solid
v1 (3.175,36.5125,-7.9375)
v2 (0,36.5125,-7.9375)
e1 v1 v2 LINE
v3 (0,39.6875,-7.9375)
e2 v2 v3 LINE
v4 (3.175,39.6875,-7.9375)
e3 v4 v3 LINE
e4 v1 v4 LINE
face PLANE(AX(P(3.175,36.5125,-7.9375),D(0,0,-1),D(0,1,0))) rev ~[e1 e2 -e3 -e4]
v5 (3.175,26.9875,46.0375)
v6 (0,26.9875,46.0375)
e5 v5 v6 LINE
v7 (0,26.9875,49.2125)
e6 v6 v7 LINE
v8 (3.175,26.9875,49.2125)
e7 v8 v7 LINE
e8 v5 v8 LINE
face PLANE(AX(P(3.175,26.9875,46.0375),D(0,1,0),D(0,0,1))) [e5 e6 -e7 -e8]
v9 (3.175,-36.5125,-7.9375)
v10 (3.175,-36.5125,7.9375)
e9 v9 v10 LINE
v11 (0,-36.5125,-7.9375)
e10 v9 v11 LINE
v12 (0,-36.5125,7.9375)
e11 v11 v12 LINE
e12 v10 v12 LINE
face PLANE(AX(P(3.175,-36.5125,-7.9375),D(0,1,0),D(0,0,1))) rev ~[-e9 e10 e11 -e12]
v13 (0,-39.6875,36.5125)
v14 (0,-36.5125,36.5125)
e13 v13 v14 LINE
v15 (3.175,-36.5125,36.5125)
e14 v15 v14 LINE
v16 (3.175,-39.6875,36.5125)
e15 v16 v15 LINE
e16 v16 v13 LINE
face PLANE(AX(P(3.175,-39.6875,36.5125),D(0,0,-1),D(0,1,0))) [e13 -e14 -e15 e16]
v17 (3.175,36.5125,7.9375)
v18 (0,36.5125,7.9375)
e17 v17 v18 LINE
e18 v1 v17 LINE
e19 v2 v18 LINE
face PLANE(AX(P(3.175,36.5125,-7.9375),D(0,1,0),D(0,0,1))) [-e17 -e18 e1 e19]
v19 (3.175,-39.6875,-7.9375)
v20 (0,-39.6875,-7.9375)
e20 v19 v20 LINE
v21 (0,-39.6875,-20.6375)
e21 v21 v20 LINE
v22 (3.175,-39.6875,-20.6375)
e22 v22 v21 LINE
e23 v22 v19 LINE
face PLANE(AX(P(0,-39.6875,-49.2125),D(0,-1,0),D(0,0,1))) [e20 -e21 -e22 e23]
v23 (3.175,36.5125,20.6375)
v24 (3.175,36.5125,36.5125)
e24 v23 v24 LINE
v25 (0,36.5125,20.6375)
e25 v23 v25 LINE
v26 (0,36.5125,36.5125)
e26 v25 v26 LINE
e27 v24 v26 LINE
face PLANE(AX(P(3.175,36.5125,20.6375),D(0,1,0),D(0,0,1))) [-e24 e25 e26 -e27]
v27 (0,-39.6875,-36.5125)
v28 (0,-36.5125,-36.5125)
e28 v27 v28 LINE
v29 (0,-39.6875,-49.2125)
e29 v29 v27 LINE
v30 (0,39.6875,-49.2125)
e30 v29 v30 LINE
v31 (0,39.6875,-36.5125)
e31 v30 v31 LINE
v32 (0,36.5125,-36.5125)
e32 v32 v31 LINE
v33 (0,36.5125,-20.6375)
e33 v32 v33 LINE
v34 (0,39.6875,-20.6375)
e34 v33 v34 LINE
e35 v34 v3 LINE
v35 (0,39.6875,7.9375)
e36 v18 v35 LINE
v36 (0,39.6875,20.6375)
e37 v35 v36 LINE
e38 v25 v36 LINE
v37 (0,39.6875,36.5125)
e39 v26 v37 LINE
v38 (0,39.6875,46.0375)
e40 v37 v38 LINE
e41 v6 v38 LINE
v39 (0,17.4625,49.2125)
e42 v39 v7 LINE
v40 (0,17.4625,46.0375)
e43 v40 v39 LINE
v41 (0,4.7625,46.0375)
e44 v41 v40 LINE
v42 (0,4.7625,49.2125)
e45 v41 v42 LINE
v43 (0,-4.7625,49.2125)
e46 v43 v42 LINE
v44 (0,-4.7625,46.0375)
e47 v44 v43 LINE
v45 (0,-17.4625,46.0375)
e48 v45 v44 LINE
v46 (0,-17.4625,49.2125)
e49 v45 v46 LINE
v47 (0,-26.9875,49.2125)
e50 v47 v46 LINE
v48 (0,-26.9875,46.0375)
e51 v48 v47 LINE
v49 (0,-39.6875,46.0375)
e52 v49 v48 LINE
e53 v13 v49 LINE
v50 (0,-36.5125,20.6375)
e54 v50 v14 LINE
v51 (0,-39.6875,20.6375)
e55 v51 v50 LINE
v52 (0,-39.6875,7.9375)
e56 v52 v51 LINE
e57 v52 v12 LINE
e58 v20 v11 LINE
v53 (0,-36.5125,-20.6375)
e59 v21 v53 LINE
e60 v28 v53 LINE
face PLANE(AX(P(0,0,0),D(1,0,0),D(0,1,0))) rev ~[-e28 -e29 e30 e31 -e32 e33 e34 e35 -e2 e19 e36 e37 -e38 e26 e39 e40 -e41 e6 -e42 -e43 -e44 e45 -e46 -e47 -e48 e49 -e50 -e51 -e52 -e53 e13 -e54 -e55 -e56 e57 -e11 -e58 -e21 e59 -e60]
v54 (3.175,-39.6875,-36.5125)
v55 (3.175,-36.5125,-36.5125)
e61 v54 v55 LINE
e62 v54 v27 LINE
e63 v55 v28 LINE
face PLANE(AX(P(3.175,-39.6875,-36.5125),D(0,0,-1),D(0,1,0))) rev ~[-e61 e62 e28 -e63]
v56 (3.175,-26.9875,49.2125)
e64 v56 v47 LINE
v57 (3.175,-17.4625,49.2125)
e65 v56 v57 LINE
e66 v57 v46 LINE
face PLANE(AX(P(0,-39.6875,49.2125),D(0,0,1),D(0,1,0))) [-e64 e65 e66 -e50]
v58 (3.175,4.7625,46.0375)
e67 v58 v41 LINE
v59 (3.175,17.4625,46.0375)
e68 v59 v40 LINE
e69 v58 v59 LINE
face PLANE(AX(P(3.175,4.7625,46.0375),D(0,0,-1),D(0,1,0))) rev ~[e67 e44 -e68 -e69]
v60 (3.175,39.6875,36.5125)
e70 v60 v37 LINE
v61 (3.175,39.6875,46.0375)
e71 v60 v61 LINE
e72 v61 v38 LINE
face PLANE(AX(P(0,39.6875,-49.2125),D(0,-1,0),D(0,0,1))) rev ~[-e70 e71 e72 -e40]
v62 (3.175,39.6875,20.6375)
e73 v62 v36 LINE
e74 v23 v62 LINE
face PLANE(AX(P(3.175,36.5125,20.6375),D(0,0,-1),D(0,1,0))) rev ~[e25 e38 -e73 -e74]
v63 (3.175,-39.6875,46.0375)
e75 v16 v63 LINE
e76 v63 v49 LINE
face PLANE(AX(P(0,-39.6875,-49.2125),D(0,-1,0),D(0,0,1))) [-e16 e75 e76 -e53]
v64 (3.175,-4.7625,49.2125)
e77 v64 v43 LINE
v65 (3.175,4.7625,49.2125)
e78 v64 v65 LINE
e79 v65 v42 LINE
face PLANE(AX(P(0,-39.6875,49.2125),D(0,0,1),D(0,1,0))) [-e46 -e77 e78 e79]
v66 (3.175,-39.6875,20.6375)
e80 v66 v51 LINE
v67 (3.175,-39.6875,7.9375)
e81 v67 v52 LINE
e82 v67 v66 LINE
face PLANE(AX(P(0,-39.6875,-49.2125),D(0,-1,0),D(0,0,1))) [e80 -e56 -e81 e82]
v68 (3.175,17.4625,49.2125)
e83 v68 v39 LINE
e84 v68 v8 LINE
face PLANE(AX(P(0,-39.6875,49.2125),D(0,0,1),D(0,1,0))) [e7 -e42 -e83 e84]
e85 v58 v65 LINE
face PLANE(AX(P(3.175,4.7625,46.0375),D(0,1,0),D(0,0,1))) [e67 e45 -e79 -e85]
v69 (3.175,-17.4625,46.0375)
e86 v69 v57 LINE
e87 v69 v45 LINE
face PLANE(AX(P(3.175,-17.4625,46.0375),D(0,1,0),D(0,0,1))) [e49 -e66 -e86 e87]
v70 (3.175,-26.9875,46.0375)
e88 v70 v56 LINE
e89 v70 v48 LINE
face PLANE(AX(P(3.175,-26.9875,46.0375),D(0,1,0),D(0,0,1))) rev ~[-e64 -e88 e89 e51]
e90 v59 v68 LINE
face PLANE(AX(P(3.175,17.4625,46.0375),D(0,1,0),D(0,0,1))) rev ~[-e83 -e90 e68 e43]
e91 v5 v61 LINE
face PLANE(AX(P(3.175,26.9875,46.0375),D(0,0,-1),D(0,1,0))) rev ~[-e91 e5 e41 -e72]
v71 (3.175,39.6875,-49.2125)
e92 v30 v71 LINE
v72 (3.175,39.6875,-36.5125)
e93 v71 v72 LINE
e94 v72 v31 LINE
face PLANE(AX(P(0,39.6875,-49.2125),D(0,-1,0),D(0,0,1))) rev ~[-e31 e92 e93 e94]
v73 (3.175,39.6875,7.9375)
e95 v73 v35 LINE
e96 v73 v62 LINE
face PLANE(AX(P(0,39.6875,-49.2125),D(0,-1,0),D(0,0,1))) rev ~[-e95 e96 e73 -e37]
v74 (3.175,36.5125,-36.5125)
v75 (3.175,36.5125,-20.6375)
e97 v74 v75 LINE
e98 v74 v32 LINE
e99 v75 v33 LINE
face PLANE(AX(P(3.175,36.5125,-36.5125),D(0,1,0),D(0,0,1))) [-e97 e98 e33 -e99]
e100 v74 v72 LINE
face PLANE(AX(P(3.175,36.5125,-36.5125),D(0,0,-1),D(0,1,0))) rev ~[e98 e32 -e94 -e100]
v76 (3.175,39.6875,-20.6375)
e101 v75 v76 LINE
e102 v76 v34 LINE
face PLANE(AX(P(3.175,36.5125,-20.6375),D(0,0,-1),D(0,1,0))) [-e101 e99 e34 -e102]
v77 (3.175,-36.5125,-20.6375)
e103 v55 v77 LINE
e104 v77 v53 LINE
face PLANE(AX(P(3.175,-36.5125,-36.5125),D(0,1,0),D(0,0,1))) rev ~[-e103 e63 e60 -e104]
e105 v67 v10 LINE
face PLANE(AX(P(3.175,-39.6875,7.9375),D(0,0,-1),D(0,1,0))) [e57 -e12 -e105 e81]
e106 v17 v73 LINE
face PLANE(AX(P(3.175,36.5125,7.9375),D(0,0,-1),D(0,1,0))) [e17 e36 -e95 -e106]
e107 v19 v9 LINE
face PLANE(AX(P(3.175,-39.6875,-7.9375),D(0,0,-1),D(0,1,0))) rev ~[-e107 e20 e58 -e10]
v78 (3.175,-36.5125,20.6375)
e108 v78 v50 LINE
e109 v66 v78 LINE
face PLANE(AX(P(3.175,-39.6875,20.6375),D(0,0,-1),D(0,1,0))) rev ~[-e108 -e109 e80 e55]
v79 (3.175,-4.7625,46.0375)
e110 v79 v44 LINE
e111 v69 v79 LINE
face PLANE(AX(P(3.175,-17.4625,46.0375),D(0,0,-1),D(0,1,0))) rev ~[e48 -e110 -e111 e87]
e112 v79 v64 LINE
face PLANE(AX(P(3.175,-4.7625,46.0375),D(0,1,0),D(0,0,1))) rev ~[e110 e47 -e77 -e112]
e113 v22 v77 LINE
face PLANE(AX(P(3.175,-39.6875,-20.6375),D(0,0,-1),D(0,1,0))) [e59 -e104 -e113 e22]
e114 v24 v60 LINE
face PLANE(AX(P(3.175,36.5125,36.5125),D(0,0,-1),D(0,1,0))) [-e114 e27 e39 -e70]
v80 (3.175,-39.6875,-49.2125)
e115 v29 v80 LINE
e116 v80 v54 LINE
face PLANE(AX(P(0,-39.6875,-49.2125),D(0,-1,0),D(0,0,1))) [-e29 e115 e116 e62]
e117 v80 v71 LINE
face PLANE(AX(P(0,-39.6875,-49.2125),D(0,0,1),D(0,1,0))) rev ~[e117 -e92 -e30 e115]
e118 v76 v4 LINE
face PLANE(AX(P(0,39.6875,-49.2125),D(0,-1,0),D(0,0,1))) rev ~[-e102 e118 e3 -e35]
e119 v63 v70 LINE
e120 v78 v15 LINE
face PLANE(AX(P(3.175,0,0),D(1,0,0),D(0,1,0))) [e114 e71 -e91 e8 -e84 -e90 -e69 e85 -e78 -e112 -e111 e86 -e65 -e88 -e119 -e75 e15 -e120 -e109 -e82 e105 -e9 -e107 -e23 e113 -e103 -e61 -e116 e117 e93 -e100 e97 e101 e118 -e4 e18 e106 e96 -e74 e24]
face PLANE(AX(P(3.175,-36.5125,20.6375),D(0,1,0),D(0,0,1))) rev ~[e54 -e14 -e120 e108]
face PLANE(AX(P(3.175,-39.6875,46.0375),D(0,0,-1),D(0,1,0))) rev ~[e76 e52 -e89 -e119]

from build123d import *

# Parameters (mm, degrees)
F0_W     = 79.375
F0_H     = 98.425
F1_DEPTH = 3.175
F2_W     = 3.175
F2_H     = 15.875
F3_DEPTH = 3.176
F4_W     = 12.7
F4_H     = 3.175
F5_DEPTH = 3.176


with BuildPart() as f1:
    # F0 (on Right) → F1 (new body)
    with BuildSketch(Plane.YZ):
        Rectangle(F0_W, F0_H)
    extrude(amount=F1_DEPTH)

    # F2 (on face) → F3 (cut, through all)
    with BuildSketch(Plane.YZ.offset(3.175)):
        with Locations((-38.1, 28.575)):
            Rectangle(F2_W, F2_H)
        with Locations((-38.1, 0)):
            Rectangle(F2_W, F2_H)
        with Locations((-38.1, -28.575)):
            Rectangle(F2_W, F2_H)
        with Locations((38.1, 28.575)):
            Rectangle(F2_W, F2_H)
        with Locations((38.1, -28.575)):
            Rectangle(F2_W, F2_H)
        with Locations((38.1, 0)):
            Rectangle(F2_W, F2_H)
    extrude(amount=-F3_DEPTH, mode=Mode.SUBTRACT)

    # F4 (on face) → F5 (cut, through all)
    with BuildSketch(Plane.YZ.offset(3.175)):
        with Locations((-33.3375, 47.625)):
            Rectangle(F4_W, F4_H)
        with Locations((-11.1125, 47.625)):
            Rectangle(F4_W, F4_H)
        with Locations((11.1125, 47.625)):
            Rectangle(F4_W, F4_H)
        with Locations((33.3375, 47.625)):
            Rectangle(F4_W, F4_H)
    extrude(amount=-F5_DEPTH, mode=Mode.SUBTRACT)


solid = f1.part
